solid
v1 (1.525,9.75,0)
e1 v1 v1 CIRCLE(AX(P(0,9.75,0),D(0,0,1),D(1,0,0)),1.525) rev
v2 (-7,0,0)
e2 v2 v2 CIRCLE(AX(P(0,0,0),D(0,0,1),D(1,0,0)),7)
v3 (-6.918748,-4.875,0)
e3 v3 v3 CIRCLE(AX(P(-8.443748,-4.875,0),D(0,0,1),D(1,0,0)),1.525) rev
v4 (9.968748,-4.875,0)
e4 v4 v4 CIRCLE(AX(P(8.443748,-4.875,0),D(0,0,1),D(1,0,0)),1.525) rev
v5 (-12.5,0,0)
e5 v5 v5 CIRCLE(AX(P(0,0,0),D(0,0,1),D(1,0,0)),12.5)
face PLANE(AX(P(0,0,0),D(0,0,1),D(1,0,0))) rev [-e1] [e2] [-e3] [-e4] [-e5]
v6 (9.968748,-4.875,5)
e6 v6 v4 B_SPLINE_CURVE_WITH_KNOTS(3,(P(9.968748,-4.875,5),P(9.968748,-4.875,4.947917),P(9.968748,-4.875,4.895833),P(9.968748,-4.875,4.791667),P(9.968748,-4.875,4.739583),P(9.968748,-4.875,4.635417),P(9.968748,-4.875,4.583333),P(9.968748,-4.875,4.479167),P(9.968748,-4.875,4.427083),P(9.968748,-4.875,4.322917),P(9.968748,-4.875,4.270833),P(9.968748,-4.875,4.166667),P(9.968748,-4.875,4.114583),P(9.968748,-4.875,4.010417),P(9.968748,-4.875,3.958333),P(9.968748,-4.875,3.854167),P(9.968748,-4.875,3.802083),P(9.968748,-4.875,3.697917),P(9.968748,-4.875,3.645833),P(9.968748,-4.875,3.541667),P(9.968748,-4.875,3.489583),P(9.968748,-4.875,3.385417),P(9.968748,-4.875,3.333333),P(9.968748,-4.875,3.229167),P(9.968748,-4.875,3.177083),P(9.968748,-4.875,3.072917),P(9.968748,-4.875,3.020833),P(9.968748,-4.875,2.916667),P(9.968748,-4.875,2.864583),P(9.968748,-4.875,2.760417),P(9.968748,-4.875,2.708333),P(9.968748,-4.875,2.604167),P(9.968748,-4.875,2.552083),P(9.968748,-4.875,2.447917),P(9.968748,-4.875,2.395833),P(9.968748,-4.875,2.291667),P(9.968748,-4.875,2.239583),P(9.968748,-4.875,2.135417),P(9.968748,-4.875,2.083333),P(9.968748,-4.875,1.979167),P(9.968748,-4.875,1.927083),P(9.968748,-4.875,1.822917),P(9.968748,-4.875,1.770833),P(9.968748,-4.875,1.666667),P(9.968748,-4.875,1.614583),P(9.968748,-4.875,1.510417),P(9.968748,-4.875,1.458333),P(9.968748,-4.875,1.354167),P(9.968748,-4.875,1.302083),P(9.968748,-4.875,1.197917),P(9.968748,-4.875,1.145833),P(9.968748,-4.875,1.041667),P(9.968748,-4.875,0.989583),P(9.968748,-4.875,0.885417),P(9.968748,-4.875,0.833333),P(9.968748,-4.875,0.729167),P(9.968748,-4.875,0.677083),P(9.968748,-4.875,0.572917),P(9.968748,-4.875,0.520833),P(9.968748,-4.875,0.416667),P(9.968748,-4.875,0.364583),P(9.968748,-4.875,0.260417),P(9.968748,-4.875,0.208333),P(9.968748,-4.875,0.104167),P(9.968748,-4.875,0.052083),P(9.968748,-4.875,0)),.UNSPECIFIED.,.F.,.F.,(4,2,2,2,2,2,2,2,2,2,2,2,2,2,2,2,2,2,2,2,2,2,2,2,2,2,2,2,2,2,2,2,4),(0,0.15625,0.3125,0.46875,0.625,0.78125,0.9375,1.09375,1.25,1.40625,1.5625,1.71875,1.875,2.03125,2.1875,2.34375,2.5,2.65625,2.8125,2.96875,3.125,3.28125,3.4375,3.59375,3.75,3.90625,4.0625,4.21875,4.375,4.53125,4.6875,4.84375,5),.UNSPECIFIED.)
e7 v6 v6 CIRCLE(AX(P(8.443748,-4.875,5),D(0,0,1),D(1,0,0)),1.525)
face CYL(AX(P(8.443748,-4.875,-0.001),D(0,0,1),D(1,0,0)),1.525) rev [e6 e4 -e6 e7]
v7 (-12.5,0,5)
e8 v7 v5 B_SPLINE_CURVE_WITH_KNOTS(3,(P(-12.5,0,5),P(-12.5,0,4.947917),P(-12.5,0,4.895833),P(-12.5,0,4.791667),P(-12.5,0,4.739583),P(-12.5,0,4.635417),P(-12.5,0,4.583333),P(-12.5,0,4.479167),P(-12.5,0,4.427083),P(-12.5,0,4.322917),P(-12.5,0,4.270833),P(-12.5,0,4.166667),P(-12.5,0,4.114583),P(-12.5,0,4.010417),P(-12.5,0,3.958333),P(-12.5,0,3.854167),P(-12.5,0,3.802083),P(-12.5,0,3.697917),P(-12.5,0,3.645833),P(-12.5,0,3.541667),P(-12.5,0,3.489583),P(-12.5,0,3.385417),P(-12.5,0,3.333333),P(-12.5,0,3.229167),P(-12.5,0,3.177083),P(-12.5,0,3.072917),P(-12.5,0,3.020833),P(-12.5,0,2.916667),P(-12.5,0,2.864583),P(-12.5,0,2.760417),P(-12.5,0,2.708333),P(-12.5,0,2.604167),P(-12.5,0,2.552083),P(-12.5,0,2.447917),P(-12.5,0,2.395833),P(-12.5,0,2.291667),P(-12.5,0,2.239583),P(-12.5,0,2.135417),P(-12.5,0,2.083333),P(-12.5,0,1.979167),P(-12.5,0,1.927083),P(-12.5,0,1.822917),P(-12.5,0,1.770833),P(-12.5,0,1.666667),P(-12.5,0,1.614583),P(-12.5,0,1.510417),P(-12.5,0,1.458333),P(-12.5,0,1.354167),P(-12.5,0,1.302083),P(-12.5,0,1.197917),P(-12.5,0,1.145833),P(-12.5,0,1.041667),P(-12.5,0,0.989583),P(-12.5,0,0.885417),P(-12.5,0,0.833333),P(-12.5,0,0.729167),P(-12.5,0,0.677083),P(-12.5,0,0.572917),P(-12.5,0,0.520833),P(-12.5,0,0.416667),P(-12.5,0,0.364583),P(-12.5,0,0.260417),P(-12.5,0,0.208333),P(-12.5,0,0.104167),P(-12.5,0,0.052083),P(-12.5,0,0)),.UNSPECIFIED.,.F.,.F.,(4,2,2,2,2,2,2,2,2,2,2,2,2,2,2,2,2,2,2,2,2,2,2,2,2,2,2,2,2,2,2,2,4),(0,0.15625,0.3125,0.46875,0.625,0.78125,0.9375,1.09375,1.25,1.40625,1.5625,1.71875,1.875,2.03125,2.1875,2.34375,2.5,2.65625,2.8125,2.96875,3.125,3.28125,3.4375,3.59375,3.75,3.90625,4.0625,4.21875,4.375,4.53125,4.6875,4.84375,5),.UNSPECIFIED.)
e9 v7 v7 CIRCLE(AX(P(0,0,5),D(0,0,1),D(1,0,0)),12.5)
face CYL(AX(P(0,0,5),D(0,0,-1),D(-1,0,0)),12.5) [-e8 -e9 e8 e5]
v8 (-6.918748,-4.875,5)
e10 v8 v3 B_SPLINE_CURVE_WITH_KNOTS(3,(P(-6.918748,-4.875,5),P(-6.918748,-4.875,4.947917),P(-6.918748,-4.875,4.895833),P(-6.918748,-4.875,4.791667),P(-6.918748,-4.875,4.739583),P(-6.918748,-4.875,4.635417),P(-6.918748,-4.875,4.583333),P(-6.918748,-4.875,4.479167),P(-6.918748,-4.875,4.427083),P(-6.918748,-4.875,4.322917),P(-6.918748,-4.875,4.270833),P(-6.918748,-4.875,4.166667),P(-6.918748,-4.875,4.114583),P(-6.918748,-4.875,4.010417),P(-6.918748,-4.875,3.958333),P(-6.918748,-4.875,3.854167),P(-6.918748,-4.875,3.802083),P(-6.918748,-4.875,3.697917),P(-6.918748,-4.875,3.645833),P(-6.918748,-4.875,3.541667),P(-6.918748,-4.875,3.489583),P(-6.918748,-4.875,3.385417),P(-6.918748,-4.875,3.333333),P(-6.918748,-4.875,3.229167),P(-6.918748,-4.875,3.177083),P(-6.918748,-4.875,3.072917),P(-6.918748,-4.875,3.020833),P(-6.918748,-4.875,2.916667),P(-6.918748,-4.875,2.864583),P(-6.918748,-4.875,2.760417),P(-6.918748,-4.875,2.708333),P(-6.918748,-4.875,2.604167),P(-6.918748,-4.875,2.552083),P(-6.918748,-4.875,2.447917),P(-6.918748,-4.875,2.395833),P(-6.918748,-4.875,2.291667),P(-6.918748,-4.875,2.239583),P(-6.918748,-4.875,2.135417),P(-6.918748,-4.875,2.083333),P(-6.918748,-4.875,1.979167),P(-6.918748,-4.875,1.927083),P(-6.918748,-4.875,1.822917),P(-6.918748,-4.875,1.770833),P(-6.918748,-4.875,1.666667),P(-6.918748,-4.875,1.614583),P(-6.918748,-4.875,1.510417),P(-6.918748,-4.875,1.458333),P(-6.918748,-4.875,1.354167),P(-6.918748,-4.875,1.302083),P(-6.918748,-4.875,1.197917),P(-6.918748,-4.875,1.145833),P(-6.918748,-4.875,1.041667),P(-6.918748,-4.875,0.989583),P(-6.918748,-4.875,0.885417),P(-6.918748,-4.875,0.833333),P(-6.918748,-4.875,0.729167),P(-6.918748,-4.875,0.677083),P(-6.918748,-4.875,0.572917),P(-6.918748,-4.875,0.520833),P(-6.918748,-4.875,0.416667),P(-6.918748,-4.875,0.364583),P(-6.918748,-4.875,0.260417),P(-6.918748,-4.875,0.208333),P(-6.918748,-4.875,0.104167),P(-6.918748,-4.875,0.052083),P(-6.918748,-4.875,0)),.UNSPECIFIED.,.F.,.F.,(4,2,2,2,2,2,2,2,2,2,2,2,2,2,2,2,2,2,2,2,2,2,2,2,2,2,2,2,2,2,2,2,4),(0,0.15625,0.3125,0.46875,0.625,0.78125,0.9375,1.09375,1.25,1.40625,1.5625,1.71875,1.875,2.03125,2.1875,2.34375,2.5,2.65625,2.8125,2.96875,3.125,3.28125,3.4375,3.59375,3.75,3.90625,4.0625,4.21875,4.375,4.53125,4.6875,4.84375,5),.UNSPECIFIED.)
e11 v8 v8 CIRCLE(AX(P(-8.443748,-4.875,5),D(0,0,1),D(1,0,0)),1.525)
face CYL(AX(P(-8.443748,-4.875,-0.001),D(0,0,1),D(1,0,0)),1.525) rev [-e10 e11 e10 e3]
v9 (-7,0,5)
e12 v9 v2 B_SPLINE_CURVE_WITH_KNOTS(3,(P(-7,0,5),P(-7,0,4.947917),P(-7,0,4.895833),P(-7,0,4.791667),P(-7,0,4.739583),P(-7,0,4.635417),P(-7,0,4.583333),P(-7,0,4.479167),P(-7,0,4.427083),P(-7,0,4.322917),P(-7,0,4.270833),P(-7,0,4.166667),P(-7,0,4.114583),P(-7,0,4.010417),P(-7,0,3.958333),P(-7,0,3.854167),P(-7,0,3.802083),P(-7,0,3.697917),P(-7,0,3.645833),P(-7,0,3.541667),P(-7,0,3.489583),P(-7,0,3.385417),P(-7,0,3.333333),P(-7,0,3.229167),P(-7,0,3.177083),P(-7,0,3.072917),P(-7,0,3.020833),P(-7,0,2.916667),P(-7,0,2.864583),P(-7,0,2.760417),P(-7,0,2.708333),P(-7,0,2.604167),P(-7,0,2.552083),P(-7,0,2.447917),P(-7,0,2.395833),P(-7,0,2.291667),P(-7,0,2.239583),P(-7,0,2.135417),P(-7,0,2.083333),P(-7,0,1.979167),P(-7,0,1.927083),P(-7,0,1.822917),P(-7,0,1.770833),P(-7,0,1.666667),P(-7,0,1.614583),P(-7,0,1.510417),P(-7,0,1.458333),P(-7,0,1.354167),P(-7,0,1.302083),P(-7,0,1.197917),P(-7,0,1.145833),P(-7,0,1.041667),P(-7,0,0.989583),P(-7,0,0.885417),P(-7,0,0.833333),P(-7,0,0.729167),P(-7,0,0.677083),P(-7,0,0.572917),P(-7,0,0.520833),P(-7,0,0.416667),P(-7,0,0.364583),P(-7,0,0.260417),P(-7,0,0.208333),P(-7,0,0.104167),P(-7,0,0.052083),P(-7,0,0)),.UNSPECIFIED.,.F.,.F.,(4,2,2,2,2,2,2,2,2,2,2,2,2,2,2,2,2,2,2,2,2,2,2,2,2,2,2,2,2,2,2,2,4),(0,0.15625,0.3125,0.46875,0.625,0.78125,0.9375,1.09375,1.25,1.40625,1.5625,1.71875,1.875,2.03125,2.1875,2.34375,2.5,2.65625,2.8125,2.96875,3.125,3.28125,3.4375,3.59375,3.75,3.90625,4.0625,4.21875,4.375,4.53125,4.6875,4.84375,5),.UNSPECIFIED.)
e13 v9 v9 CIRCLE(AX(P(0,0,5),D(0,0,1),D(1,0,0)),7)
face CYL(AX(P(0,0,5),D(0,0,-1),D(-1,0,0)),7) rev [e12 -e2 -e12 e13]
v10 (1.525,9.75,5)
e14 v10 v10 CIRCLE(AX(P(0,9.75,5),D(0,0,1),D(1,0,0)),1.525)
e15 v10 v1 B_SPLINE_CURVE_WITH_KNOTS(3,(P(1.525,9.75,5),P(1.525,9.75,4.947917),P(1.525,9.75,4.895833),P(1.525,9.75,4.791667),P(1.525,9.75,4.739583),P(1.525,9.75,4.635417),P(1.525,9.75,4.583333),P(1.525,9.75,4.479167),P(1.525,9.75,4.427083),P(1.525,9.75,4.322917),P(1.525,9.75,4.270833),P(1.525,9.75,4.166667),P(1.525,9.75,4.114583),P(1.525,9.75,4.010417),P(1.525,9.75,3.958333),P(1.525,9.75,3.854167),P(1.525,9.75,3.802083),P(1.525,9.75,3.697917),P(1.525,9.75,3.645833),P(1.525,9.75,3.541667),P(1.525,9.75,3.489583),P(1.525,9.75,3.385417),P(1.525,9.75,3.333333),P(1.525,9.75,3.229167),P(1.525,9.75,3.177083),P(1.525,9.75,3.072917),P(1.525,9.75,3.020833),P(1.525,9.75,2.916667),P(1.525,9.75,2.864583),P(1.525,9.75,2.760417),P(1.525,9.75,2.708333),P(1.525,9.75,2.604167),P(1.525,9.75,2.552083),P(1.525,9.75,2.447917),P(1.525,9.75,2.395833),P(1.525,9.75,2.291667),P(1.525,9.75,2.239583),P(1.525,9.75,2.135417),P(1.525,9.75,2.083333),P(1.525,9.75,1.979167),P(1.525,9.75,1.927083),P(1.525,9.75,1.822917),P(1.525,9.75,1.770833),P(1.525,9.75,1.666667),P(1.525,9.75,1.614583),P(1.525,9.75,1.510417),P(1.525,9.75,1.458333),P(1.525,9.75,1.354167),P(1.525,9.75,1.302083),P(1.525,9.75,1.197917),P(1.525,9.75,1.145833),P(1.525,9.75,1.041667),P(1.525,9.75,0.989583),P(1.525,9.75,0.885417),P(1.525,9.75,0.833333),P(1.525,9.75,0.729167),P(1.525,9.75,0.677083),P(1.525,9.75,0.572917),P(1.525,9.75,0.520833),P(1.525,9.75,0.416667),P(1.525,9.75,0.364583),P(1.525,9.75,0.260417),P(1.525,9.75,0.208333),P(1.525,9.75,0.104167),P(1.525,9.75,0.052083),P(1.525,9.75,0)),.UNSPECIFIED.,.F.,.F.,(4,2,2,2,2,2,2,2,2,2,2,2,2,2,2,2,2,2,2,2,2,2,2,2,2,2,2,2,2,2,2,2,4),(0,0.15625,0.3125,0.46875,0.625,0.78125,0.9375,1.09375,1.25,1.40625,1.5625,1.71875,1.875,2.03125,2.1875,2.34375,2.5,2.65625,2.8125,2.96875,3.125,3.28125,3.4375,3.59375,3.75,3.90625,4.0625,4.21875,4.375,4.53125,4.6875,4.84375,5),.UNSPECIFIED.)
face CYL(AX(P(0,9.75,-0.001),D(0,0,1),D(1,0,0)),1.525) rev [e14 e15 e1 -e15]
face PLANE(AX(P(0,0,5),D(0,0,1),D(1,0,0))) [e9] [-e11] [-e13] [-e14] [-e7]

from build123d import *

# Parameters (mm, degrees)
SKETCH1_R           = 12.5
SKETCH1_R_2         = 7
BOSS_EXTRUDE1_DEPTH = 5
CUT_EXTRUDE1_REACH  = 20.371
SKETCH2_R           = 1.525


with BuildPart() as part:
    # Sketch1 → Boss-Extrude1 (new body)
    with BuildSketch(Plane.XY):
        Circle(SKETCH1_R)
        Circle(SKETCH1_R_2, mode=Mode.SUBTRACT)
    extrude(amount=BOSS_EXTRUDE1_DEPTH)

    # Sketch2 → Cut-Extrude1 (cut, up to next)
    with BuildSketch(Plane.XY.offset(5), mode=Mode.PRIVATE) as cut_extrude1_sk1:
        with Locations((0, 9.75)):
            Circle(SKETCH2_R)
    cut_extrude1_tool1 = extrude(cut_extrude1_sk1.sketch, amount=-CUT_EXTRUDE1_REACH, mode=Mode.PRIVATE) & part.part
    # Sketch2 → Cut-Extrude1 (cut, up to next)
    with BuildSketch(Plane.XY.offset(5), mode=Mode.PRIVATE) as cut_extrude1_sk2:
        with Locations((8.443747687, -4.875)):
            Circle(SKETCH2_R)
    cut_extrude1_tool2 = extrude(cut_extrude1_sk2.sketch, amount=-CUT_EXTRUDE1_REACH, mode=Mode.PRIVATE) & part.part
    # Sketch2 → Cut-Extrude1 (cut, up to next)
    with BuildSketch(Plane.XY.offset(5), mode=Mode.PRIVATE) as cut_extrude1_sk3:
        with Locations((-8.443747687, -4.875)):
            Circle(SKETCH2_R)
    cut_extrude1_tool3 = extrude(cut_extrude1_sk3.sketch, amount=-CUT_EXTRUDE1_REACH, mode=Mode.PRIVATE) & part.part
    add(cut_extrude1_tool1.solids().sort_by_distance((0, 9.75, 5))[0], mode=Mode.SUBTRACT)
    add(cut_extrude1_tool2.solids().sort_by_distance((8.443748, -4.875, 5))[0], mode=Mode.SUBTRACT)
    add(cut_extrude1_tool3.solids().sort_by_distance((-8.443748, -4.875, 5))[0], mode=Mode.SUBTRACT)


solid = part.part
